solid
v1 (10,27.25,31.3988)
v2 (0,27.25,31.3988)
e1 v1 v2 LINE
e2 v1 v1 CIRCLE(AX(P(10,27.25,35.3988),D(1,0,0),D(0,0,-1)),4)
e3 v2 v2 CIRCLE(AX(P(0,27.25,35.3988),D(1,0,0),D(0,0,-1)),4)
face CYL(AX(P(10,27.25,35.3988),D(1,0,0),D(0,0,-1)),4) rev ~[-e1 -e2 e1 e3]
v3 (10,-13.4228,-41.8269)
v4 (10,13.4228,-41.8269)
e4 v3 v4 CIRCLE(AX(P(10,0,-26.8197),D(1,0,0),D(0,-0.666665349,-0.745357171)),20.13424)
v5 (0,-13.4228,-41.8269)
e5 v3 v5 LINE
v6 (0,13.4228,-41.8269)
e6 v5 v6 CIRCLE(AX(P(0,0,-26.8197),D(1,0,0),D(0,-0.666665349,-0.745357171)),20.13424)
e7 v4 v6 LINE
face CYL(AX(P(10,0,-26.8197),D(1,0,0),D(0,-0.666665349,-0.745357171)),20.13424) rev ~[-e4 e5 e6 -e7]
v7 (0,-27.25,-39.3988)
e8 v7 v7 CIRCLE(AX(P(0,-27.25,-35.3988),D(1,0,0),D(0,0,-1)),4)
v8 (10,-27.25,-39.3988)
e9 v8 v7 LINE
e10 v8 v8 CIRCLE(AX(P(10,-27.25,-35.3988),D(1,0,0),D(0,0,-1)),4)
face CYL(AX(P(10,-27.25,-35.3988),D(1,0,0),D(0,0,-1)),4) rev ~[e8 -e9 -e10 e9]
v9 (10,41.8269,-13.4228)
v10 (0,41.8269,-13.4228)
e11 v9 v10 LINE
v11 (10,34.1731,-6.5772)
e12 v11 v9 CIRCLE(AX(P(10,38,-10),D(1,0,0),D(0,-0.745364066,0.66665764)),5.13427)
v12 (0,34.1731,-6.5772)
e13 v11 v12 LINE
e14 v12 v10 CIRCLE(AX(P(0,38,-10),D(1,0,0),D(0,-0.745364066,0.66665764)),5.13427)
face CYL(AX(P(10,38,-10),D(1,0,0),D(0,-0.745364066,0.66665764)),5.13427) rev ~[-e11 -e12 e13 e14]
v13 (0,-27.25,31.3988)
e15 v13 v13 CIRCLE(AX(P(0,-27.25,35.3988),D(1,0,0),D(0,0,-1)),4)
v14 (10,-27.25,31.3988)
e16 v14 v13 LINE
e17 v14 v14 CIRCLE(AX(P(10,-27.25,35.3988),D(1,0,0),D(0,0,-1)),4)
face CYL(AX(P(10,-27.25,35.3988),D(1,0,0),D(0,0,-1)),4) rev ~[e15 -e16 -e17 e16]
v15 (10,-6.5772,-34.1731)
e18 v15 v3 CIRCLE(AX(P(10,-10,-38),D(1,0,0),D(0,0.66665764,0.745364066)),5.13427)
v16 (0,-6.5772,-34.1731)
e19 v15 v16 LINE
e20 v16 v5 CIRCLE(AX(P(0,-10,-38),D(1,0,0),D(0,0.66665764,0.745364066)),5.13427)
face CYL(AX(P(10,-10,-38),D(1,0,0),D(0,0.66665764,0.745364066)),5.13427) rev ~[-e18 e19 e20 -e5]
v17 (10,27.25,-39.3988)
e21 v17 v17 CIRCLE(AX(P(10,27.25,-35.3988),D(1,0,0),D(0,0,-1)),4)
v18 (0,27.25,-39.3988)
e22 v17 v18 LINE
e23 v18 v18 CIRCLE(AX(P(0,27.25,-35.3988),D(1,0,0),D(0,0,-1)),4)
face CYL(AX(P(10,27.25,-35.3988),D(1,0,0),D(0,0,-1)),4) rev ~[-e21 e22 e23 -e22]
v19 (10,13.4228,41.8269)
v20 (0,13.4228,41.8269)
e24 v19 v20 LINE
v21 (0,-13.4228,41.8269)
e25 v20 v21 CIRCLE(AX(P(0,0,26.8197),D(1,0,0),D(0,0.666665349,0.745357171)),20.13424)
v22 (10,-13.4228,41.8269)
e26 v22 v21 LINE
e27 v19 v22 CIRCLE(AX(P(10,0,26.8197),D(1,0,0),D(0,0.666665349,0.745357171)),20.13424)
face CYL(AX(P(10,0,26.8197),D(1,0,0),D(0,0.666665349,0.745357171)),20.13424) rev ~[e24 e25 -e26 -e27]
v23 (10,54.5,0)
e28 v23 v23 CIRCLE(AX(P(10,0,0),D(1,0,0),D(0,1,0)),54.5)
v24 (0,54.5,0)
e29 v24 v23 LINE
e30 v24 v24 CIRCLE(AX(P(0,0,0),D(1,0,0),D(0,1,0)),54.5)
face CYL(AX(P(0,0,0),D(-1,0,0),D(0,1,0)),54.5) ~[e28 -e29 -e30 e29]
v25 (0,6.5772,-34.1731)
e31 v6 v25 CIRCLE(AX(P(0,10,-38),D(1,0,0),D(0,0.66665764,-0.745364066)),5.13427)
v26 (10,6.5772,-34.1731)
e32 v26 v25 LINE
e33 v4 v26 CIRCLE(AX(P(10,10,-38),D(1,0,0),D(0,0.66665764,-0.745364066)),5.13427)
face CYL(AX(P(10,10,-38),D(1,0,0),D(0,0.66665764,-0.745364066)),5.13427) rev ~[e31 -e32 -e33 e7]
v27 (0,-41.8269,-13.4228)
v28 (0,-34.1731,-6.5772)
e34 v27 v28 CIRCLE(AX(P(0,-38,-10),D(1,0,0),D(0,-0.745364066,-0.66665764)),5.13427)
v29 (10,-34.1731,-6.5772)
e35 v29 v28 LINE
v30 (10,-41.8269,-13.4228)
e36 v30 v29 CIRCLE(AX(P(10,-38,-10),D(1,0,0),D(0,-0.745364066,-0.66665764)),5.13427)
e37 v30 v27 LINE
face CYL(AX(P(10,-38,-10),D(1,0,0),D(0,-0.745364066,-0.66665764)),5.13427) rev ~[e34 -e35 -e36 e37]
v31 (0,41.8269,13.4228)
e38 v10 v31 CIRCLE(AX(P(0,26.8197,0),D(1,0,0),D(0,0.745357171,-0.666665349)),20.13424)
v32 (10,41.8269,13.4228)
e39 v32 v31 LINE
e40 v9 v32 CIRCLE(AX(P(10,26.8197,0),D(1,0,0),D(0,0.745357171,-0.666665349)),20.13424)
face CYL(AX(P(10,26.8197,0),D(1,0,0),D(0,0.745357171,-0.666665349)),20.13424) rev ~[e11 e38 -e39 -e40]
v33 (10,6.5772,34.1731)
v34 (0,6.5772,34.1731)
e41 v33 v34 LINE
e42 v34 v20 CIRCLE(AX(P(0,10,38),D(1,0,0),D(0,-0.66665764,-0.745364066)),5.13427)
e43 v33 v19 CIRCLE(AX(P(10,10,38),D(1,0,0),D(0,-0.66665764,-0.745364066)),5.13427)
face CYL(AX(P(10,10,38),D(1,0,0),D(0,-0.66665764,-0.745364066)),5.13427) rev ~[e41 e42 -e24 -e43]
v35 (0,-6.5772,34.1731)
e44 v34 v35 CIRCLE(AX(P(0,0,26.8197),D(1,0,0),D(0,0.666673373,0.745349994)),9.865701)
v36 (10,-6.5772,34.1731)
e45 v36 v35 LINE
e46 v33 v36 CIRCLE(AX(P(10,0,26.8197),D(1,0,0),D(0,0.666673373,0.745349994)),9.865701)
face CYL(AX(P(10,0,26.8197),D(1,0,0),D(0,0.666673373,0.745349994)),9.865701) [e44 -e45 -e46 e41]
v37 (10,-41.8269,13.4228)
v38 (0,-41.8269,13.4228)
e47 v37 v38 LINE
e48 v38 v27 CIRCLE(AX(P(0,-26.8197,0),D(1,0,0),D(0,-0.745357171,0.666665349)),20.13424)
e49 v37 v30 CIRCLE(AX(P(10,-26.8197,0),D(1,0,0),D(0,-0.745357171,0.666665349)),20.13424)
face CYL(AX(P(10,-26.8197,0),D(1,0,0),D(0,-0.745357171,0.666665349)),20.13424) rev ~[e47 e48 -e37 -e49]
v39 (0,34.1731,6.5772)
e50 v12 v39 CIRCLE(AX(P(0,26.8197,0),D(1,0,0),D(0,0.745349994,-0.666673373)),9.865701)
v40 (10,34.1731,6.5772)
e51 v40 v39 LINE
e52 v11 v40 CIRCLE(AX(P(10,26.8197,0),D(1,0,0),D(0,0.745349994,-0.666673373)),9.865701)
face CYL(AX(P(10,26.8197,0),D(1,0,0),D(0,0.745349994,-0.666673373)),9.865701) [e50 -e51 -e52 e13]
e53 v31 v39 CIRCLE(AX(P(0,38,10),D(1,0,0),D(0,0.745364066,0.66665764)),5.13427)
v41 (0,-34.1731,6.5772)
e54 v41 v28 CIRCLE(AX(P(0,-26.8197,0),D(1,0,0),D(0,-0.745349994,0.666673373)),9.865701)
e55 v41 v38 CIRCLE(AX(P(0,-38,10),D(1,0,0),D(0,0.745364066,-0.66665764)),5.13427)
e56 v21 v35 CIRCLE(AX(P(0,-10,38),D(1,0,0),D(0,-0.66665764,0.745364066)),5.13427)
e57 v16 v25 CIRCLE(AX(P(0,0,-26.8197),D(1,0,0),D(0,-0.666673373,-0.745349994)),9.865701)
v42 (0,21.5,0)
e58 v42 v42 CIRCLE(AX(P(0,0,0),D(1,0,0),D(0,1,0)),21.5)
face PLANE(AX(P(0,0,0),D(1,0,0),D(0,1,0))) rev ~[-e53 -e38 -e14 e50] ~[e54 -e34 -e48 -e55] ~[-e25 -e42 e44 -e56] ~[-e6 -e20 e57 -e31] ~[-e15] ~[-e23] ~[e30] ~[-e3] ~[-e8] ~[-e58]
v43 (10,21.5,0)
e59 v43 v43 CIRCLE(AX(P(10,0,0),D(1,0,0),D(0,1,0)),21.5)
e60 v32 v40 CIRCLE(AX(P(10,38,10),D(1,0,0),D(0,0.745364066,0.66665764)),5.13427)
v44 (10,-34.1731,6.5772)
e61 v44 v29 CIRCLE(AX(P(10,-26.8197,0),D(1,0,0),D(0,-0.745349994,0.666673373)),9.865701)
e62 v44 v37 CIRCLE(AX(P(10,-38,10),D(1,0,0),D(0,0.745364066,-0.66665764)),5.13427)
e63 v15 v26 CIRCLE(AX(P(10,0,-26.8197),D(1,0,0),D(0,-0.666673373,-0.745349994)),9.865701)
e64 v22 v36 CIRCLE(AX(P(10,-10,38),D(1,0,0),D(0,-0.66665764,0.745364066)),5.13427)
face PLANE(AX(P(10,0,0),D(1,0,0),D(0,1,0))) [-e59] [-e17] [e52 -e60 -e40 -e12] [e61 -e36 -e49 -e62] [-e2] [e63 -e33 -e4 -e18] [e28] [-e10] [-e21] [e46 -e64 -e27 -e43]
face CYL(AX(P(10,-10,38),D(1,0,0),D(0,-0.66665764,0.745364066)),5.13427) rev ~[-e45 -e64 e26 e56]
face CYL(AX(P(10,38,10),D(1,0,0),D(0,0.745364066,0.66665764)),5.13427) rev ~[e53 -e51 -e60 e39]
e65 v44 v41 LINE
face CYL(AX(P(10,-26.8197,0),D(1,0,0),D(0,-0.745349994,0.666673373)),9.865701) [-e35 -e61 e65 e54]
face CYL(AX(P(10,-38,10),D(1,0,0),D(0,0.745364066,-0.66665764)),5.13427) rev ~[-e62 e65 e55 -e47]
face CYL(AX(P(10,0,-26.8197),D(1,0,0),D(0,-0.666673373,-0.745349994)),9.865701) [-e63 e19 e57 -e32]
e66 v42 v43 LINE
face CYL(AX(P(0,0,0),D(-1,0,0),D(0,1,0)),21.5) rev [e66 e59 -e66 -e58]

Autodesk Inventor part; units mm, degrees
ref_plane "YZ Plane" through (0, 0, 0) normal (1, 0, 0) x (0, 1, 0)
ref_plane "XZ Plane" through (0, 0, 0) normal (0, 1, 0) x (-1, 0, 0)
ref_plane "XY Plane" through (0, 0, 0) normal (0, 0, 1) x (1, 0, 0)
sketch "Sketch2" plane through (0, 0, 0) normal (1, 0, 0) x (0, 1, 0)
  circle A0 centre (0, 0) radius 54.5
  circle A1 centre (-27.25, -35.3988) radius 3.5
  circle A2 centre (-27.25, 35.3988) radius 3.5
  circle A3 centre (27.25, -35.3988) radius 3.5
  circle A4 centre (27.25, 35.3988) radius 3.5
  circle A5 centre (0, 0) radius 21.5
extrude "Extrusion4" add sketch "Sketch2" along normal blind 10
sketch "Sketch4" plane through (10, 0, 0) normal (1, 0, 0) x (0, 0, -1)
  circle A0 centre (0, 0) radius 54.5 projected
  circle A1 centre (0, 0) radius 21.5 projected
  arc A2 (10, 38) -> (-10, 38) centre (0, 26.8197) ccw construction
  arc A3 (13.4228, 41.8269) -> (-13.4228, 41.8269) centre (0, 26.8197) ccw
  arc A4 (6.5772, 34.1731) -> (-6.5772, 34.1731) centre (0, 26.8197) ccw
  arc A5 (6.5772, 34.1731) -> (13.4228, 41.8269) centre (10, 38) ccw
  arc A6 (-13.4228, 41.8269) -> (-6.5772, 34.1731) centre (-10, 38) ccw
  dimension "d28" = 15
extrude "Extrusion5" cut sketch "Sketch4" against normal blind 10 contours A5 A4 A6 A3
pattern_circular "Circular Pattern2" count 4 over 360 about axis through (0, 0, 0) along (1, 0, 0) of "Extrusion5"
sketch "Sketch5" plane through (10, 0, 0) normal (1, 0, 0) x (0, 0, -1)
  arc A0 (41.8269, 13.4228) -> (34.1731, 6.5772) centre (38, 10) ccw projected
  arc A1 (41.8269, -13.4228) -> (41.8269, 13.4228) centre (26.8197, 0) ccw projected
  arc A2 (34.1731, -6.5772) -> (41.8269, -13.4228) centre (38, -10) ccw projected
  arc A3 (34.1731, -6.5772) -> (34.1731, 6.5772) centre (26.8197, 0) ccw projected
  arc A4 (13.4228, -41.8269) -> (6.5772, -34.1731) centre (10, -38) ccw projected
  arc A5 (-13.4228, -41.8269) -> (13.4228, -41.8269) centre (0, -26.8197) ccw projected
  arc A6 (-6.5772, -34.1731) -> (-13.4228, -41.8269) centre (-10, -38) ccw projected
  arc A7 (-6.5772, -34.1731) -> (6.5772, -34.1731) centre (0, -26.8197) ccw projected
  arc A8 (-41.8269, -13.4228) -> (-34.1731, -6.5772) centre (-38, -10) ccw projected
  arc A9 (-41.8269, 13.4228) -> (-41.8269, -13.4228) centre (-26.8197, 0) ccw projected
  arc A10 (-34.1731, 6.5772) -> (-41.8269, 13.4228) centre (-38, 10) ccw projected
  arc A11 (-34.1731, 6.5772) -> (-34.1731, -6.5772) centre (-26.8197, 0) ccw projected
  arc A12 (-13.4228, 41.8269) -> (-6.5772, 34.1731) centre (-10, 38) ccw projected
  arc A13 (13.4228, 41.8269) -> (-13.4228, 41.8269) centre (0, 26.8197) ccw projected
  arc A14 (6.5772, 34.1731) -> (13.4228, 41.8269) centre (10, 38) ccw projected
  arc A15 (6.5772, 34.1731) -> (-6.5772, 34.1731) centre (0, 26.8197) ccw projected
  circle A16 centre (0, 0) radius 21.5 projected
  circle A17 centre (35.3988, 27.25) radius 3.5 projected
  circle A18 centre (-35.3988, 27.25) radius 3.5 projected
  circle A19 centre (-35.3988, -27.25) radius 3.5 projected
  circle A20 centre (35.3988, -27.25) radius 3.5 projected
  circle A21 centre (0, 0) radius 54.5 projected
sketch "Sketch6" plane through (10, 0, 0) normal (1, 0, 0) x (0, 0, -1)
  circle A0 centre (-35.3988, 27.25) radius 3.5 projected
  circle A1 centre (35.3988, 27.25) radius 3.5 projected
  circle A2 centre (-35.3988, -27.25) radius 3.5 projected
  circle A3 centre (35.3988, -27.25) radius 3.5 projected
  circle A4 centre (-35.3988, 27.25) radius 4
  circle A5 centre (35.3988, 27.25) radius 4
  circle A6 centre (-35.3988, -27.25) radius 4
  circle A7 centre (35.3988, -27.25) radius 4
  point P0 (0, 0)
extrude "Extrusion6" cut sketch "Sketch6" against normal blind 10
properties part number "ballast_tutup"
